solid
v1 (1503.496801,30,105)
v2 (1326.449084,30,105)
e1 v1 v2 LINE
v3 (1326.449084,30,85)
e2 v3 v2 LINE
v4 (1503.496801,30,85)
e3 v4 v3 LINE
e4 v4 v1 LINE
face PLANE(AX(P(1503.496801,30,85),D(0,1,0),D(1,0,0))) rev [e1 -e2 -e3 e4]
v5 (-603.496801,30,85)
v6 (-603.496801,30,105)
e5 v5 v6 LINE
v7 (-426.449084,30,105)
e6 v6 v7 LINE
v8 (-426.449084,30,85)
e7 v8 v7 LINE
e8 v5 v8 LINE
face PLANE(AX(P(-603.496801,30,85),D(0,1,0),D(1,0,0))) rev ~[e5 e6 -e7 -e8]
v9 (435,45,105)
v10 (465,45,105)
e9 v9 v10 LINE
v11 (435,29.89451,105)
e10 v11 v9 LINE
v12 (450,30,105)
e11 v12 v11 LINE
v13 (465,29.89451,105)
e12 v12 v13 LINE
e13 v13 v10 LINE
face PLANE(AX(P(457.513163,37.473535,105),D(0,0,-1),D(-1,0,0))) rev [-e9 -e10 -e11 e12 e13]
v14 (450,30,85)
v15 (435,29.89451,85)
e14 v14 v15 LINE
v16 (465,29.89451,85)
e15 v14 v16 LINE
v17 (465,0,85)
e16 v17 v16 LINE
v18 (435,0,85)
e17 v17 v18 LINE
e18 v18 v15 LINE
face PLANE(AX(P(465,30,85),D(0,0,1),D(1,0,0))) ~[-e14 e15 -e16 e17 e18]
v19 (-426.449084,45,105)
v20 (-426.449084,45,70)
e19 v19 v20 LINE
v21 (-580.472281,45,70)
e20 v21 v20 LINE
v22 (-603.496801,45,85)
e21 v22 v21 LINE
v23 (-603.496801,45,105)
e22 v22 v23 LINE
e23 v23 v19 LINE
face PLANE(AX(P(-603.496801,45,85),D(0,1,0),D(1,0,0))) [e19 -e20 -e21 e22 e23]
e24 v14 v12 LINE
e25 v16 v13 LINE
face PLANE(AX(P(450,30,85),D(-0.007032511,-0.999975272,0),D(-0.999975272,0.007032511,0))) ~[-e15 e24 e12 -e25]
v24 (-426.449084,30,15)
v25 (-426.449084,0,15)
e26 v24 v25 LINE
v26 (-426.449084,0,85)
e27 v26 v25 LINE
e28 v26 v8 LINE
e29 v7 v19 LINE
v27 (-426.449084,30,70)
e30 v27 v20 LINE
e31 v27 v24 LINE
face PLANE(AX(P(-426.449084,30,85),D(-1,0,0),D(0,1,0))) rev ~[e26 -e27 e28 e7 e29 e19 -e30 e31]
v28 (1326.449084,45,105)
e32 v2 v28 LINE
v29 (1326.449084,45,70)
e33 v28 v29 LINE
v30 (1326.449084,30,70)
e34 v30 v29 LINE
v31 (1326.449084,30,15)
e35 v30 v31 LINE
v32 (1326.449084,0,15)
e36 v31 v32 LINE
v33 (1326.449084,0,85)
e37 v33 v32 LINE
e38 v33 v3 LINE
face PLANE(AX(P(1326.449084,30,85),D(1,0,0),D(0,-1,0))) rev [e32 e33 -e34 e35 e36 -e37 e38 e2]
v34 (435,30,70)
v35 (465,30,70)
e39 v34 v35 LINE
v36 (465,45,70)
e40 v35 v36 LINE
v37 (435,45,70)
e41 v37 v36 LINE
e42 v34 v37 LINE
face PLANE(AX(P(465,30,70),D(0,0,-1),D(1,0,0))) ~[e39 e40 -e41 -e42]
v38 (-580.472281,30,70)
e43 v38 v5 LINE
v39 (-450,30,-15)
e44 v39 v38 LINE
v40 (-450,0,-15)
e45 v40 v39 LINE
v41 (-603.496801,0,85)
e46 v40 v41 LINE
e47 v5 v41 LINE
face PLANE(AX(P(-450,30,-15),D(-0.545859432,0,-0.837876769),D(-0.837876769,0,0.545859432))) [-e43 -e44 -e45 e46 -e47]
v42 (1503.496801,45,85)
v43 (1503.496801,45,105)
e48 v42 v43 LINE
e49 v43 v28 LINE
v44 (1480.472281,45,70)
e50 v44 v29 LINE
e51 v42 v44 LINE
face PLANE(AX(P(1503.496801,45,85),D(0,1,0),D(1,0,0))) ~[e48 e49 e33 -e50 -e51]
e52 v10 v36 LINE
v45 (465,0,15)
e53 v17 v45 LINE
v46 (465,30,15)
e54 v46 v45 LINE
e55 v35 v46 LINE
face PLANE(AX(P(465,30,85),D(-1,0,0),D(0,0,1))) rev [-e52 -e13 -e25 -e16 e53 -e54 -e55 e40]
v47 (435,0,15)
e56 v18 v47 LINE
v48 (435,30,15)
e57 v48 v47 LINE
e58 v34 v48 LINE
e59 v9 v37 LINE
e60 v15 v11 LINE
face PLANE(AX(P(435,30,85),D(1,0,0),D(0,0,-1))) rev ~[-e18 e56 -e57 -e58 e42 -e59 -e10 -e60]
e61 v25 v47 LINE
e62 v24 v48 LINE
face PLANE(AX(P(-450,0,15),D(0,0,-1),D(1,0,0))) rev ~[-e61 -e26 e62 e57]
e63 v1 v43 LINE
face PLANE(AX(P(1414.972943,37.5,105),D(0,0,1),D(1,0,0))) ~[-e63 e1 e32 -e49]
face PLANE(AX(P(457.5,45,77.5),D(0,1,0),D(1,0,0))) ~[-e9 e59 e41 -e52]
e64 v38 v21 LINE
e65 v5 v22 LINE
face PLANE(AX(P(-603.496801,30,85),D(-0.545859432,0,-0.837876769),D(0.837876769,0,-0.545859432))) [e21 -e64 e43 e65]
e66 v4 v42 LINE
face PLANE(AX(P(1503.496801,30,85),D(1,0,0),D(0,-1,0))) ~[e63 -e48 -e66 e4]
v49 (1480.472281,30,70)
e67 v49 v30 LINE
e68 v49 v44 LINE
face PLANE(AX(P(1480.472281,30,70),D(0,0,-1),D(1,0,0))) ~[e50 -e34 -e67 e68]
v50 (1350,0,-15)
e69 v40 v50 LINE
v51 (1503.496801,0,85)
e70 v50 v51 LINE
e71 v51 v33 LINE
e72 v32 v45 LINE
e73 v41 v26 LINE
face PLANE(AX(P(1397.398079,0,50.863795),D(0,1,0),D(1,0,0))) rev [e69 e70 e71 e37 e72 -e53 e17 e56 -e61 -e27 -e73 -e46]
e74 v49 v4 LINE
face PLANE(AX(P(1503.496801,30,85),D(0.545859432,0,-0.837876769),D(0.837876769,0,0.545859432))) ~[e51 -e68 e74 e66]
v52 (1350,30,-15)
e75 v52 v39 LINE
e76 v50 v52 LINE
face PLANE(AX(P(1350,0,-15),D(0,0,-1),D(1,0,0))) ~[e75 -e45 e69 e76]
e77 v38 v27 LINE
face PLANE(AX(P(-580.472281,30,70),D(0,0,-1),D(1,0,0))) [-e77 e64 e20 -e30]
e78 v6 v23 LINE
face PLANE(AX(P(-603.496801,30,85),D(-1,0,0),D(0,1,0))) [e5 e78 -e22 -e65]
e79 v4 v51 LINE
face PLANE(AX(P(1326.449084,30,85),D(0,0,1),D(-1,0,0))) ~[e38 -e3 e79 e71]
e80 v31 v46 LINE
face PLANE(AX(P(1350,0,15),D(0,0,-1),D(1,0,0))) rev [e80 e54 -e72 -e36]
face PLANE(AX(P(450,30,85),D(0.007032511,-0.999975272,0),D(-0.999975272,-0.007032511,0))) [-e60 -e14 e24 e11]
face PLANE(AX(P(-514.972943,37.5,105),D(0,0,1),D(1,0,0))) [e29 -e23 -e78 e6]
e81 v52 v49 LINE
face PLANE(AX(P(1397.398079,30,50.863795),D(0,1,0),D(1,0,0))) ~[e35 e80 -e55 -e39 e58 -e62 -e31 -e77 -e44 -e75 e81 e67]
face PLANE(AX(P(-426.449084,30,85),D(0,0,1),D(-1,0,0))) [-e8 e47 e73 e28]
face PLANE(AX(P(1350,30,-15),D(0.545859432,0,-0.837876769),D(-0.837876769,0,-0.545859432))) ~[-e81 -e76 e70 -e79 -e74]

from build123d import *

# Parameters (mm, degrees)
SKETCH1_W           = 900
SKETCH1_H           = 30
BOSS_EXTRUDE1_DEPTH = 30
SKETCH2_W           = 15
SKETCH2_H           = 100
BOSS_EXTRUDE2_DEPTH = 30
SKETCH3_W           = 15
SKETCH3_H           = 15
BOSS_EXTRUDE3_DEPTH = 15
SKETCH4_W           = 177.04771777
SKETCH4_H           = 15
BOSS_EXTRUDE4_DEPTH = 20


with BuildPart() as part:
    # Sketch1 → Boss-Extrude1 (new body)
    with BuildSketch(Plane(origin=(0, 0, 0), x_dir=(1, 0, 0), z_dir=(0, 1, 0))):
        Rectangle(SKETCH1_W, SKETCH1_H)
    extrude(amount=BOSS_EXTRUDE1_DEPTH)

    # Sketch2 → Boss-Extrude2 (add)
    with BuildSketch(Plane(origin=(0, 30, 0), x_dir=(1, 0, 0), z_dir=(0, 1, 0))):
        Polygon((-450, 15), (-603.496801426, -85), (-426.449083656, -85), (-426.449083656, 15), align=None)
        with Locations((442.5, -35)):
            Rectangle(SKETCH2_W, SKETCH2_H)
    extrude(amount=-BOSS_EXTRUDE2_DEPTH)

    # Sketch3 → Boss-Extrude3 (add)
    with BuildSketch(Plane(origin=(0, 30, 0), x_dir=(1, 0, 0), z_dir=(0, 1, 0))):
        Polygon((-603.496801426, -85), (-580.472281212, -70), (-426.449083656, -70), (-426.449083656, -85), align=None)
        with Locations((442.5, -77.5)):
            Rectangle(SKETCH3_W, SKETCH3_H)
    extrude(amount=BOSS_EXTRUDE3_DEPTH)

    # Sketch4 → Boss-Extrude4 (add)
    with BuildSketch(Plane.XY.offset(85)):
        with Locations((-514.972942541, 37.5)):
            Rectangle(SKETCH4_W, SKETCH4_H)
        Polygon((435, 45), (450, 45), (450, 30), (435, 29.894509732), align=None)
    extrude(amount=BOSS_EXTRUDE4_DEPTH)

    # Mirror1: part across plane


with BuildPart() as part_1:
    add(part.part)
    add(part.part.mirror(Plane(origin=(450, 30, -15), x_dir=(0, 0, 1), z_dir=(-1, 0, 0))))


solid = part_1.part
